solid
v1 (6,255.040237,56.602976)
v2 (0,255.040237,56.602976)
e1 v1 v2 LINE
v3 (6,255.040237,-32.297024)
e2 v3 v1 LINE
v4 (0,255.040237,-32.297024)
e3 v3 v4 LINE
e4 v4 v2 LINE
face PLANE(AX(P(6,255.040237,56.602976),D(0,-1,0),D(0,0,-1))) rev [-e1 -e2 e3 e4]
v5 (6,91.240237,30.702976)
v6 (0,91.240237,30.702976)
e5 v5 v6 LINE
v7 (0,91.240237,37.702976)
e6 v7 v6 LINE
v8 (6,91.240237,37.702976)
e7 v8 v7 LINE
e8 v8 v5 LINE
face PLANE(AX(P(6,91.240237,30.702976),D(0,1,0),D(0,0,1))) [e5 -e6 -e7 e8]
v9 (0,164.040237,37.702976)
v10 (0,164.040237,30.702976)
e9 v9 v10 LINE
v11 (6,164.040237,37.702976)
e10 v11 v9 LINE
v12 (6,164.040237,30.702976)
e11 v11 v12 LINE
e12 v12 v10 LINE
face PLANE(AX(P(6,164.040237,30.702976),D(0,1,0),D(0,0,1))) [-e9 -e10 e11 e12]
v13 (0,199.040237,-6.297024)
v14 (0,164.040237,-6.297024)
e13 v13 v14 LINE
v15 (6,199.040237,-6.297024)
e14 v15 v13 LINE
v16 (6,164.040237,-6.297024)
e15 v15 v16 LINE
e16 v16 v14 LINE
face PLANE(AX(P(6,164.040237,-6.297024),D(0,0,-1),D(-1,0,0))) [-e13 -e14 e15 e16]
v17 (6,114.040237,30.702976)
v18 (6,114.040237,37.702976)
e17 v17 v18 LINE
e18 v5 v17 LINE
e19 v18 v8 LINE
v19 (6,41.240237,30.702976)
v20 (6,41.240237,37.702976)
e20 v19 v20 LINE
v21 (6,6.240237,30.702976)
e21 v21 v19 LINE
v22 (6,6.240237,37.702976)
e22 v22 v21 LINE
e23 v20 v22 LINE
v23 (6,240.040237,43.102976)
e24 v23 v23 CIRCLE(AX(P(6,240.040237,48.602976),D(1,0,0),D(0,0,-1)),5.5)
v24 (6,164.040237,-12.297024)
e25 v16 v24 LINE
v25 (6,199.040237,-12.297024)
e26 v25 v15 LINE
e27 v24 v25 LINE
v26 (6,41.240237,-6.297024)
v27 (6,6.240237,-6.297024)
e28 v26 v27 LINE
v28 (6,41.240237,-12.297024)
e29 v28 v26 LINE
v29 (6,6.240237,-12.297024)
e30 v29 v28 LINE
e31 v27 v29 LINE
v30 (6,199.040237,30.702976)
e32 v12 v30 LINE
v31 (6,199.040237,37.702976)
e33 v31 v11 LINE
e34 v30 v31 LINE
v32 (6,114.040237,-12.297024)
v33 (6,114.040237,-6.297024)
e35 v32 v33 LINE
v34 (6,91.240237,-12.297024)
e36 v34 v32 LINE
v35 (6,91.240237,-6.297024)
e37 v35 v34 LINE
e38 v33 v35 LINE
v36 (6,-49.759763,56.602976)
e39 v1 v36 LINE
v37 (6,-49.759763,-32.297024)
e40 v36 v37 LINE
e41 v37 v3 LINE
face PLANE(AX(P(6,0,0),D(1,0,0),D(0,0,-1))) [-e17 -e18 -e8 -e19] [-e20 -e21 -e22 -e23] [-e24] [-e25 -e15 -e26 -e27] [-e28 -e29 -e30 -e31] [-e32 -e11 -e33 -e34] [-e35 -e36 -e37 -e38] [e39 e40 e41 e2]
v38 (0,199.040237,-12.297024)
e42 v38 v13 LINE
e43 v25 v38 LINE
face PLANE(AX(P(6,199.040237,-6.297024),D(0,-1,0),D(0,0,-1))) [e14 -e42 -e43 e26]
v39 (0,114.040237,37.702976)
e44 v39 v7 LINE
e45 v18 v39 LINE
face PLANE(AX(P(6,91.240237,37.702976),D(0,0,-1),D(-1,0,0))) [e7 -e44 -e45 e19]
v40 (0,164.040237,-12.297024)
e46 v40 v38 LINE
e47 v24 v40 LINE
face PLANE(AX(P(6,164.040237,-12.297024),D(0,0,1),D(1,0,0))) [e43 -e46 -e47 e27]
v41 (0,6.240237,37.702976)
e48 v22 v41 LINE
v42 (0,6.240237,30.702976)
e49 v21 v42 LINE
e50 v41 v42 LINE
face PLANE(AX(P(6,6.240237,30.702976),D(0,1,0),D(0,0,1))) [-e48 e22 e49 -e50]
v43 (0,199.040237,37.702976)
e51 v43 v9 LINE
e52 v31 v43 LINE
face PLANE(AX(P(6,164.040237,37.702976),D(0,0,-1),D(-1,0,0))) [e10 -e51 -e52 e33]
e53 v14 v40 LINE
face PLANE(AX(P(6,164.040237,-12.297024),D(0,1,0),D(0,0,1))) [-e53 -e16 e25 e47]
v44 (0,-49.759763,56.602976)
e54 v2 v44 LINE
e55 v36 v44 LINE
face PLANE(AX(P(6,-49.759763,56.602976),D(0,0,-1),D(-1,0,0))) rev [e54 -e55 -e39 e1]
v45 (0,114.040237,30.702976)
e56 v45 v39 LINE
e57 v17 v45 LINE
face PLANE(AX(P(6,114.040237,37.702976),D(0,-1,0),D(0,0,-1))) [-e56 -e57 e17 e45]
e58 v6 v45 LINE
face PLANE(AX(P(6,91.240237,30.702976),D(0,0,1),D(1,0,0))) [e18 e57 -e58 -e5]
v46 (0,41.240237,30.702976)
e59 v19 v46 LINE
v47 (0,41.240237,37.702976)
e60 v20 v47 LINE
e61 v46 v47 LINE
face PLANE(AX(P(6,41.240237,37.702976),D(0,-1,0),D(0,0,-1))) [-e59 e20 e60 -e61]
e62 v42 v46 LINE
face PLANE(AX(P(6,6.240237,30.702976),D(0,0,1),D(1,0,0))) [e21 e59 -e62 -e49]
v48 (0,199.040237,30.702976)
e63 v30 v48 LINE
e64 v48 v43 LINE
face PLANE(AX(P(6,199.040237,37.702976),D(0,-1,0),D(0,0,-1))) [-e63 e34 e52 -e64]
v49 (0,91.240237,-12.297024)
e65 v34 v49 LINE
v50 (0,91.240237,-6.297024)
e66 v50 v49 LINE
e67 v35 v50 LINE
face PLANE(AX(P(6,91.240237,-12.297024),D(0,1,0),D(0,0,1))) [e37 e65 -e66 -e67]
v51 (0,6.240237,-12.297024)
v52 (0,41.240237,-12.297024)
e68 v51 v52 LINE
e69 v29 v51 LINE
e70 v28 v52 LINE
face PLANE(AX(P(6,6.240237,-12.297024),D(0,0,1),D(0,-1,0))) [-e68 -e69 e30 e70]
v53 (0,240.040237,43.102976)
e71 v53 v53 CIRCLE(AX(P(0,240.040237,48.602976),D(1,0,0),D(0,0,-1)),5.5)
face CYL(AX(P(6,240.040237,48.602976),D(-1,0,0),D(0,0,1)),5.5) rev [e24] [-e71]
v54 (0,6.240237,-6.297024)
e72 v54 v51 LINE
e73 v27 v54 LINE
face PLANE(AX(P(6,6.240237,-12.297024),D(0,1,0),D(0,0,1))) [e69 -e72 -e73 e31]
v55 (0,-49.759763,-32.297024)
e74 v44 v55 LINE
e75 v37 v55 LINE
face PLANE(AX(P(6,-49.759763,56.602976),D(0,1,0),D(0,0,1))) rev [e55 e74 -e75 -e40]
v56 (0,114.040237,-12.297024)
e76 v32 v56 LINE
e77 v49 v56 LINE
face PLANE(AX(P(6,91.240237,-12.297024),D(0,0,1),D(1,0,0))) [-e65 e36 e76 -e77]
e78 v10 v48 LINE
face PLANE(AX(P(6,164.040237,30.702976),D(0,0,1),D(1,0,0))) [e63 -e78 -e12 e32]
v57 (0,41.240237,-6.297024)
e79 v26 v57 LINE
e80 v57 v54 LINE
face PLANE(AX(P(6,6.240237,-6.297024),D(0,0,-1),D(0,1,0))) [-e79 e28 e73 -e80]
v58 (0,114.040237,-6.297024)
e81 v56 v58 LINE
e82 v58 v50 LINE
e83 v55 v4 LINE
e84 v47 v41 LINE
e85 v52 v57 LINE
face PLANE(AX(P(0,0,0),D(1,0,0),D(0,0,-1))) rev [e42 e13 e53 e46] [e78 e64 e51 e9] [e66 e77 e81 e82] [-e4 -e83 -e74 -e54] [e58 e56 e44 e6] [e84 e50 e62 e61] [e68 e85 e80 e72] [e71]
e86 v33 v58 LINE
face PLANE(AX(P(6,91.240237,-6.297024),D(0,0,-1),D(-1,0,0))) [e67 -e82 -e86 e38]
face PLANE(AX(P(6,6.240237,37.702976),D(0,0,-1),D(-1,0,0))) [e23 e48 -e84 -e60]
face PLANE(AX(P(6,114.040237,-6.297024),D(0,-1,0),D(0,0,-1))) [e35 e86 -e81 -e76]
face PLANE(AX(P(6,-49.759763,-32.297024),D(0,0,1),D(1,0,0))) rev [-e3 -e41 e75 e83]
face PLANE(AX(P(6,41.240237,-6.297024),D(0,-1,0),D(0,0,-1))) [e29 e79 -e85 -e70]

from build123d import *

# Parameters (mm, degrees)
SKETCH1_W           = 304.8
SKETCH1_H           = 88.9
SKETCH1_R           = 5.5
SKETCH1_W_2         = 35
SKETCH1_H_2         = 6
SKETCH1_W_3         = 22.8
SKETCH1_H_3         = 7
BOSS_EXTRUDE1_DEPTH = 6


with BuildPart() as part:
    # Sketch1 → Boss-Extrude1 (new body)
    with BuildSketch(Plane.YZ):
        with Locations((102.640236686, 12.152975526)):
            Rectangle(SKETCH1_W, SKETCH1_H)
        with Locations(Location((240.040236686, 48.602975526, 0), (0, 0, 270))):
            Circle(SKETCH1_R, mode=Mode.SUBTRACT)
        with Locations((23.740236686, -9.297024474)):
            Rectangle(SKETCH1_W_2, SKETCH1_H_2, mode=Mode.SUBTRACT)
        with Locations((102.640236686, -9.297024474)):
            Rectangle(SKETCH1_W_3, SKETCH1_H_2, mode=Mode.SUBTRACT)
        with Locations((181.540236686, -9.297024474)):
            Rectangle(SKETCH1_W_2, SKETCH1_H_2, mode=Mode.SUBTRACT)
        with Locations((23.740236686, 34.202975526)):
            Rectangle(SKETCH1_W_2, SKETCH1_H_3, mode=Mode.SUBTRACT)
        with Locations((102.640236686, 34.202975526)):
            Rectangle(SKETCH1_W_3, SKETCH1_H_3, mode=Mode.SUBTRACT)
        with Locations((181.540236686, 34.202975526)):
            Rectangle(SKETCH1_W_2, SKETCH1_H_3, mode=Mode.SUBTRACT)
    extrude(amount=BOSS_EXTRUDE1_DEPTH)


solid = part.part
